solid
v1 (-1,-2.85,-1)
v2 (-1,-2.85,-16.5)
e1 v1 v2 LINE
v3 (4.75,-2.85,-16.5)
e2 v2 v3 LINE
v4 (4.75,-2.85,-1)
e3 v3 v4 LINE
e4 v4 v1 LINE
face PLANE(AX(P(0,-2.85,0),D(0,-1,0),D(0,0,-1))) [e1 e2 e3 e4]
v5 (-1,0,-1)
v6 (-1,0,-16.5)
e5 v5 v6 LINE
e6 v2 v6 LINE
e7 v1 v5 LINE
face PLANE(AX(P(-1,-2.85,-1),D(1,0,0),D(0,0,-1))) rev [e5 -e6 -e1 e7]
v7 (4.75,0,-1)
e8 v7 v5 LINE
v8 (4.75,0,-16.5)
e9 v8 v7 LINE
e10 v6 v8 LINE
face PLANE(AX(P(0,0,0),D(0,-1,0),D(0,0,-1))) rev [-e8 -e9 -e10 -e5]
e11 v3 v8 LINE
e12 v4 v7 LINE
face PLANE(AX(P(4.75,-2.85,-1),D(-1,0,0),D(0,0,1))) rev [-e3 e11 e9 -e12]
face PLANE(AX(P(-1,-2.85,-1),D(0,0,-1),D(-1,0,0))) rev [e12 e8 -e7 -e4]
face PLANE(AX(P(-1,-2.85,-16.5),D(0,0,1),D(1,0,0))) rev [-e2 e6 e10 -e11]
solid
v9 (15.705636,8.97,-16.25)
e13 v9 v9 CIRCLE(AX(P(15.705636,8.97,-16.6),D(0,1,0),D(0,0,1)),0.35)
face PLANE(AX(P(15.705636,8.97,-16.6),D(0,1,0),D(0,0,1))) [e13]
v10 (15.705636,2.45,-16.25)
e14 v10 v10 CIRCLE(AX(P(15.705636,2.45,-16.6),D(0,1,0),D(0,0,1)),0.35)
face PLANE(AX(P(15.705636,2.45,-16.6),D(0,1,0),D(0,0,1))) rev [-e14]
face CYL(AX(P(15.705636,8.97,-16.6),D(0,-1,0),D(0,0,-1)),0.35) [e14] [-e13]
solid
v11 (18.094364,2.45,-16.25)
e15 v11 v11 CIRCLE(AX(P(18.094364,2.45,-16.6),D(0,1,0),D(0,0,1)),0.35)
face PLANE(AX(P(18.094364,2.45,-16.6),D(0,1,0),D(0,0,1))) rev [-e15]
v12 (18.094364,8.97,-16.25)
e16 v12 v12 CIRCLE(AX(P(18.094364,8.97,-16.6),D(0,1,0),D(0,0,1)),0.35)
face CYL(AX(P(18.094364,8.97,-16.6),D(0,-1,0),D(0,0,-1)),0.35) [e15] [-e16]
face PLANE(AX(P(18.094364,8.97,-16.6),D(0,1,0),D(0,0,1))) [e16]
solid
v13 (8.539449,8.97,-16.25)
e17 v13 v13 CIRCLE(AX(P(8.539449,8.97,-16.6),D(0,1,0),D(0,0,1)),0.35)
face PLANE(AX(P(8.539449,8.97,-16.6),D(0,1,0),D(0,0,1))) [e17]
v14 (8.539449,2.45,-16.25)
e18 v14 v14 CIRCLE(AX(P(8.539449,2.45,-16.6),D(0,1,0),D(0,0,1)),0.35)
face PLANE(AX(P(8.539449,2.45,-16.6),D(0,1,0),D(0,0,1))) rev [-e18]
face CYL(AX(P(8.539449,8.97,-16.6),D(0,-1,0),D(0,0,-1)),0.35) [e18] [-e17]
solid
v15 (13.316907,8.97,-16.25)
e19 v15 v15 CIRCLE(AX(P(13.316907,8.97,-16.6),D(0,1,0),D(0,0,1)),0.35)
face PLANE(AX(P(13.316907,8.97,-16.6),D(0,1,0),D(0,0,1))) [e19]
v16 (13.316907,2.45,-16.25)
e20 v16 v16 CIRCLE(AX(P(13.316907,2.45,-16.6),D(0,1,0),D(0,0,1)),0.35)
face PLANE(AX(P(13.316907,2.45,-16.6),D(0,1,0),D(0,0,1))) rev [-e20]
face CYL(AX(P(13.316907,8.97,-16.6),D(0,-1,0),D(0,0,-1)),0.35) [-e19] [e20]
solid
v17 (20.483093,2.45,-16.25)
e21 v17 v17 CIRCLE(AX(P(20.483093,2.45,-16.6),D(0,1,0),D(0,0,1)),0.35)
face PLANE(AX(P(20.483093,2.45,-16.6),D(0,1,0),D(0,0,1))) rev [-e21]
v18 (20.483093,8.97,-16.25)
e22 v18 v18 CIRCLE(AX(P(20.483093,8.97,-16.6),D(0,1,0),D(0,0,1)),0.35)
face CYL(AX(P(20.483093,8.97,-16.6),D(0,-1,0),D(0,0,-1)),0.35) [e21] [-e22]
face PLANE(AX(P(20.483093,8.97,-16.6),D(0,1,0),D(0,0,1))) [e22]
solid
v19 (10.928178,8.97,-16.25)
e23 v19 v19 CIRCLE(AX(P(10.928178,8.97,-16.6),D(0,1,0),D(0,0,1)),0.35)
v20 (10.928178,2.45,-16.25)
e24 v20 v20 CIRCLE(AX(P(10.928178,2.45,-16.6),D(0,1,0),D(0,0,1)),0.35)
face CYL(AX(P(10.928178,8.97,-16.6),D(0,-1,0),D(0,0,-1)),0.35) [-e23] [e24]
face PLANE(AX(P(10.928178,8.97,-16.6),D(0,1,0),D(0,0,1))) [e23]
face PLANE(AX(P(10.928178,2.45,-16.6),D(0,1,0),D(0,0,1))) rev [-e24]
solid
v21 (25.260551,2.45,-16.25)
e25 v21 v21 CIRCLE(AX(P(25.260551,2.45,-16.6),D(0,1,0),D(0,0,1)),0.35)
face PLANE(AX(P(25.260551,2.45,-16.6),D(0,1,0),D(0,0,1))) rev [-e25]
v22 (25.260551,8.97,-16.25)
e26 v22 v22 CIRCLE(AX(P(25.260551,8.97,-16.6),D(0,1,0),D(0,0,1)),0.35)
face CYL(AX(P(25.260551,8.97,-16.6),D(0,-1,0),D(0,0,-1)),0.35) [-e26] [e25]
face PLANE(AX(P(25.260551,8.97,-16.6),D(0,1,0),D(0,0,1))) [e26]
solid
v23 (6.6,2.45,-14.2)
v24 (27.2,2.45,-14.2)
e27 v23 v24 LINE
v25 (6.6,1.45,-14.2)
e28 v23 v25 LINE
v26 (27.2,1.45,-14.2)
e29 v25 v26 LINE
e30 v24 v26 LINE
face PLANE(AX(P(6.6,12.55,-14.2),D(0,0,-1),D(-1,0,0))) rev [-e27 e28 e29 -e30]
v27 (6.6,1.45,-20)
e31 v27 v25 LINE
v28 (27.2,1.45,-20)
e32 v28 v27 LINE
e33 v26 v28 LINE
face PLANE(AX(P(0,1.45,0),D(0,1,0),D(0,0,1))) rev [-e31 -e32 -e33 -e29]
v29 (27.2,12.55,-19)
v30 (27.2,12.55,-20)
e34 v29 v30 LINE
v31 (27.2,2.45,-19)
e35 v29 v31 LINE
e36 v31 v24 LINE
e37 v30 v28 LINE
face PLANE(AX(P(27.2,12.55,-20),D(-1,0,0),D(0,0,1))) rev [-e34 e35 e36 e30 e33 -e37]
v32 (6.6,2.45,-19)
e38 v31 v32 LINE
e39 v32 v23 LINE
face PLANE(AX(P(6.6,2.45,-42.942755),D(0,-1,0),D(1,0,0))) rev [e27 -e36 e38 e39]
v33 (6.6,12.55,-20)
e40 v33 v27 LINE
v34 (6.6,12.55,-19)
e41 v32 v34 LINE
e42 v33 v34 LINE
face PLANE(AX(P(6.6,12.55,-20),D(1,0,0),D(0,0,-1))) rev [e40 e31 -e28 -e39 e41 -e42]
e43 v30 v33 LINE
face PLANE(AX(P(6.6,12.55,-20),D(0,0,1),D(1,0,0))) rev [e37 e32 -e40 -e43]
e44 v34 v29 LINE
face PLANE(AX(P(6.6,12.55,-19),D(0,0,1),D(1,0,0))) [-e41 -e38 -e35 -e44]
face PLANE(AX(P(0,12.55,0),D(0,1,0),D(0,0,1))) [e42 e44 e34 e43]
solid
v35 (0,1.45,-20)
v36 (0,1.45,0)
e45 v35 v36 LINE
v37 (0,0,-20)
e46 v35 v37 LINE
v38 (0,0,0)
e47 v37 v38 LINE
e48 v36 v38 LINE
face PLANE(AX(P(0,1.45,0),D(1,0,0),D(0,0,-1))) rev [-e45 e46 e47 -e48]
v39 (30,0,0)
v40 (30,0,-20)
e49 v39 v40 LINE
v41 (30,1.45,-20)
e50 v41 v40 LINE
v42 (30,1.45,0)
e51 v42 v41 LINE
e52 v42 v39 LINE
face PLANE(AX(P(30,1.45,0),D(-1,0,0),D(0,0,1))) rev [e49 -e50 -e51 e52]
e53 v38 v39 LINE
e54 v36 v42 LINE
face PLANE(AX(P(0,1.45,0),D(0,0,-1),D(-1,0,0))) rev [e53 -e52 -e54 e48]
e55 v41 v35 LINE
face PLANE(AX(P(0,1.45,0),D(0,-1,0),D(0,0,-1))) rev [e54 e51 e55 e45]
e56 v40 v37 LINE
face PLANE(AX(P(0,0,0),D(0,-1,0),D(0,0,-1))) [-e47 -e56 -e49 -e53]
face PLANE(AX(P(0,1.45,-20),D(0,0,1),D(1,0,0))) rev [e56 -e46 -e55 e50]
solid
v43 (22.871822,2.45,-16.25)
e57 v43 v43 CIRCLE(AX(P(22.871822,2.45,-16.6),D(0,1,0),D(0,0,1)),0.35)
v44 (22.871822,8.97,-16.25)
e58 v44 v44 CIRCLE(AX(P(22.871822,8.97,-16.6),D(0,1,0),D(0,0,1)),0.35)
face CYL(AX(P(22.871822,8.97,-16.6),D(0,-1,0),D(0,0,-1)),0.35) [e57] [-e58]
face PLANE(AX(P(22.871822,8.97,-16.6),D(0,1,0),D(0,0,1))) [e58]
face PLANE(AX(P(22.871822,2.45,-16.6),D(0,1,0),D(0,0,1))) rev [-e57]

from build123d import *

# Parameters (mm, degrees)
SKETCH1_W             = 30
SKETCH1_H             = 20
BOSS_EXTRUDE1_DEPTH   = 1.45
SKETCH2_W             = 20.6
SKETCH2_H             = 5.8
BOSS_EXTRUDE2_DEPTH   = 11.1
SKETCH4_W             = 5.75
SKETCH4_H             = 15.5
BOSS_EXTRUDE3_DEPTH   = 2.85
SKETCH5_W             = 20.6
SKETCH5_H             = 10.1
CUT_EXTRUDE1_DEPTH    = 4.8
SKETCH6_R             = 0.35
BOSS_EXTRUDE4_DEPTH   = 6.52
BOSS_EXTRUDE4_2_DEPTH = 6.52
BOSS_EXTRUDE4_3_DEPTH = 6.52
BOSS_EXTRUDE4_4_DEPTH = 6.52
BOSS_EXTRUDE4_5_DEPTH = 6.52
BOSS_EXTRUDE4_6_DEPTH = 6.52
BOSS_EXTRUDE4_7_DEPTH = 6.52
BOSS_EXTRUDE4_8_DEPTH = 6.52


with BuildPart() as part:
    # Sketch1 → Boss-Extrude1 (new body)
    with BuildSketch(Plane(origin=(0, 0, 0), x_dir=(1, 0, 0), z_dir=(0, 1, 0))):
        with Locations((15, 10)):
            Rectangle(SKETCH1_W, SKETCH1_H)
    extrude(amount=BOSS_EXTRUDE1_DEPTH)


with BuildPart() as body_2:
    # Sketch2 → Boss-Extrude2 (new body)
    with BuildSketch(Plane(origin=(0, 1.45, 0), x_dir=(1, 0, 0), z_dir=(0, 1, 0))):
        with Locations((16.9, 17.1)):
            Rectangle(SKETCH2_W, SKETCH2_H)
    extrude(amount=BOSS_EXTRUDE2_DEPTH)

    # Sketch5 → Cut-Extrude1 (cut)
    with BuildSketch(Plane.XY.offset(-14.2)):
        with Locations((16.9, 7.5)):
            Rectangle(SKETCH5_W, SKETCH5_H)
    extrude(amount=-CUT_EXTRUDE1_DEPTH, mode=Mode.SUBTRACT)


with BuildPart() as body_3:
    # Sketch4 → Boss-Extrude3 (new body)
    with BuildSketch(Plane.XZ):
        with Locations((1.875, -8.75)):
            Rectangle(SKETCH4_W, SKETCH4_H)
    extrude(amount=BOSS_EXTRUDE3_DEPTH)


with BuildPart() as body_4:
    # Sketch6 → Boss-Extrude4 (new body)
    with BuildSketch(Plane(origin=(0, 2.45, 0), x_dir=(1, 0, 0), z_dir=(0, 1, 0))):
        with Locations((8.539449329, 16.6)):
            Circle(SKETCH6_R)
    extrude(amount=BOSS_EXTRUDE4_DEPTH)


with BuildPart() as body_5:
    # Sketch6 → Boss-Extrude4 2 (new body)
    with BuildSketch(Plane(origin=(0, 2.45, 0), x_dir=(1, 0, 0), z_dir=(0, 1, 0))):
        with Locations((10.928178092, 16.6)):
            Circle(SKETCH6_R)
    extrude(amount=BOSS_EXTRUDE4_2_DEPTH)


with BuildPart() as body_6:
    # Sketch6 → Boss-Extrude4 3 (new body)
    with BuildSketch(Plane(origin=(0, 2.45, 0), x_dir=(1, 0, 0), z_dir=(0, 1, 0))):
        with Locations((13.316906855, 16.6)):
            Circle(SKETCH6_R)
    extrude(amount=BOSS_EXTRUDE4_3_DEPTH)


with BuildPart() as body_7:
    # Sketch6 → Boss-Extrude4 4 (new body)
    with BuildSketch(Plane(origin=(0, 2.45, 0), x_dir=(1, 0, 0), z_dir=(0, 1, 0))):
        with Locations((15.705635618, 16.6)):
            Circle(SKETCH6_R)
    extrude(amount=BOSS_EXTRUDE4_4_DEPTH)


with BuildPart() as body_8:
    # Sketch6 → Boss-Extrude4 5 (new body)
    with BuildSketch(Plane(origin=(0, 2.45, 0), x_dir=(1, 0, 0), z_dir=(0, 1, 0))):
        with Locations((18.094364382, 16.6)):
            Circle(SKETCH6_R)
    extrude(amount=BOSS_EXTRUDE4_5_DEPTH)


with BuildPart() as body_9:
    # Sketch6 → Boss-Extrude4 6 (new body)
    with BuildSketch(Plane(origin=(0, 2.45, 0), x_dir=(1, 0, 0), z_dir=(0, 1, 0))):
        with Locations((20.483093145, 16.6)):
            Circle(SKETCH6_R)
    extrude(amount=BOSS_EXTRUDE4_6_DEPTH)


with BuildPart() as body_10:
    # Sketch6 → Boss-Extrude4 7 (new body)
    with BuildSketch(Plane(origin=(0, 2.45, 0), x_dir=(1, 0, 0), z_dir=(0, 1, 0))):
        with Locations((22.871821908, 16.6)):
            Circle(SKETCH6_R)
    extrude(amount=BOSS_EXTRUDE4_7_DEPTH)


with BuildPart() as body_11:
    # Sketch6 → Boss-Extrude4 8 (new body)
    with BuildSketch(Plane(origin=(0, 2.45, 0), x_dir=(1, 0, 0), z_dir=(0, 1, 0))):
        with Locations((25.260550671, 16.6)):
            Circle(SKETCH6_R)
    extrude(amount=BOSS_EXTRUDE4_8_DEPTH)


solid = Compound([part.part, body_2.part, body_3.part, body_4.part, body_5.part, body_6.part, body_7.part, body_8.part, body_9.part, body_10.part, body_11.part])
